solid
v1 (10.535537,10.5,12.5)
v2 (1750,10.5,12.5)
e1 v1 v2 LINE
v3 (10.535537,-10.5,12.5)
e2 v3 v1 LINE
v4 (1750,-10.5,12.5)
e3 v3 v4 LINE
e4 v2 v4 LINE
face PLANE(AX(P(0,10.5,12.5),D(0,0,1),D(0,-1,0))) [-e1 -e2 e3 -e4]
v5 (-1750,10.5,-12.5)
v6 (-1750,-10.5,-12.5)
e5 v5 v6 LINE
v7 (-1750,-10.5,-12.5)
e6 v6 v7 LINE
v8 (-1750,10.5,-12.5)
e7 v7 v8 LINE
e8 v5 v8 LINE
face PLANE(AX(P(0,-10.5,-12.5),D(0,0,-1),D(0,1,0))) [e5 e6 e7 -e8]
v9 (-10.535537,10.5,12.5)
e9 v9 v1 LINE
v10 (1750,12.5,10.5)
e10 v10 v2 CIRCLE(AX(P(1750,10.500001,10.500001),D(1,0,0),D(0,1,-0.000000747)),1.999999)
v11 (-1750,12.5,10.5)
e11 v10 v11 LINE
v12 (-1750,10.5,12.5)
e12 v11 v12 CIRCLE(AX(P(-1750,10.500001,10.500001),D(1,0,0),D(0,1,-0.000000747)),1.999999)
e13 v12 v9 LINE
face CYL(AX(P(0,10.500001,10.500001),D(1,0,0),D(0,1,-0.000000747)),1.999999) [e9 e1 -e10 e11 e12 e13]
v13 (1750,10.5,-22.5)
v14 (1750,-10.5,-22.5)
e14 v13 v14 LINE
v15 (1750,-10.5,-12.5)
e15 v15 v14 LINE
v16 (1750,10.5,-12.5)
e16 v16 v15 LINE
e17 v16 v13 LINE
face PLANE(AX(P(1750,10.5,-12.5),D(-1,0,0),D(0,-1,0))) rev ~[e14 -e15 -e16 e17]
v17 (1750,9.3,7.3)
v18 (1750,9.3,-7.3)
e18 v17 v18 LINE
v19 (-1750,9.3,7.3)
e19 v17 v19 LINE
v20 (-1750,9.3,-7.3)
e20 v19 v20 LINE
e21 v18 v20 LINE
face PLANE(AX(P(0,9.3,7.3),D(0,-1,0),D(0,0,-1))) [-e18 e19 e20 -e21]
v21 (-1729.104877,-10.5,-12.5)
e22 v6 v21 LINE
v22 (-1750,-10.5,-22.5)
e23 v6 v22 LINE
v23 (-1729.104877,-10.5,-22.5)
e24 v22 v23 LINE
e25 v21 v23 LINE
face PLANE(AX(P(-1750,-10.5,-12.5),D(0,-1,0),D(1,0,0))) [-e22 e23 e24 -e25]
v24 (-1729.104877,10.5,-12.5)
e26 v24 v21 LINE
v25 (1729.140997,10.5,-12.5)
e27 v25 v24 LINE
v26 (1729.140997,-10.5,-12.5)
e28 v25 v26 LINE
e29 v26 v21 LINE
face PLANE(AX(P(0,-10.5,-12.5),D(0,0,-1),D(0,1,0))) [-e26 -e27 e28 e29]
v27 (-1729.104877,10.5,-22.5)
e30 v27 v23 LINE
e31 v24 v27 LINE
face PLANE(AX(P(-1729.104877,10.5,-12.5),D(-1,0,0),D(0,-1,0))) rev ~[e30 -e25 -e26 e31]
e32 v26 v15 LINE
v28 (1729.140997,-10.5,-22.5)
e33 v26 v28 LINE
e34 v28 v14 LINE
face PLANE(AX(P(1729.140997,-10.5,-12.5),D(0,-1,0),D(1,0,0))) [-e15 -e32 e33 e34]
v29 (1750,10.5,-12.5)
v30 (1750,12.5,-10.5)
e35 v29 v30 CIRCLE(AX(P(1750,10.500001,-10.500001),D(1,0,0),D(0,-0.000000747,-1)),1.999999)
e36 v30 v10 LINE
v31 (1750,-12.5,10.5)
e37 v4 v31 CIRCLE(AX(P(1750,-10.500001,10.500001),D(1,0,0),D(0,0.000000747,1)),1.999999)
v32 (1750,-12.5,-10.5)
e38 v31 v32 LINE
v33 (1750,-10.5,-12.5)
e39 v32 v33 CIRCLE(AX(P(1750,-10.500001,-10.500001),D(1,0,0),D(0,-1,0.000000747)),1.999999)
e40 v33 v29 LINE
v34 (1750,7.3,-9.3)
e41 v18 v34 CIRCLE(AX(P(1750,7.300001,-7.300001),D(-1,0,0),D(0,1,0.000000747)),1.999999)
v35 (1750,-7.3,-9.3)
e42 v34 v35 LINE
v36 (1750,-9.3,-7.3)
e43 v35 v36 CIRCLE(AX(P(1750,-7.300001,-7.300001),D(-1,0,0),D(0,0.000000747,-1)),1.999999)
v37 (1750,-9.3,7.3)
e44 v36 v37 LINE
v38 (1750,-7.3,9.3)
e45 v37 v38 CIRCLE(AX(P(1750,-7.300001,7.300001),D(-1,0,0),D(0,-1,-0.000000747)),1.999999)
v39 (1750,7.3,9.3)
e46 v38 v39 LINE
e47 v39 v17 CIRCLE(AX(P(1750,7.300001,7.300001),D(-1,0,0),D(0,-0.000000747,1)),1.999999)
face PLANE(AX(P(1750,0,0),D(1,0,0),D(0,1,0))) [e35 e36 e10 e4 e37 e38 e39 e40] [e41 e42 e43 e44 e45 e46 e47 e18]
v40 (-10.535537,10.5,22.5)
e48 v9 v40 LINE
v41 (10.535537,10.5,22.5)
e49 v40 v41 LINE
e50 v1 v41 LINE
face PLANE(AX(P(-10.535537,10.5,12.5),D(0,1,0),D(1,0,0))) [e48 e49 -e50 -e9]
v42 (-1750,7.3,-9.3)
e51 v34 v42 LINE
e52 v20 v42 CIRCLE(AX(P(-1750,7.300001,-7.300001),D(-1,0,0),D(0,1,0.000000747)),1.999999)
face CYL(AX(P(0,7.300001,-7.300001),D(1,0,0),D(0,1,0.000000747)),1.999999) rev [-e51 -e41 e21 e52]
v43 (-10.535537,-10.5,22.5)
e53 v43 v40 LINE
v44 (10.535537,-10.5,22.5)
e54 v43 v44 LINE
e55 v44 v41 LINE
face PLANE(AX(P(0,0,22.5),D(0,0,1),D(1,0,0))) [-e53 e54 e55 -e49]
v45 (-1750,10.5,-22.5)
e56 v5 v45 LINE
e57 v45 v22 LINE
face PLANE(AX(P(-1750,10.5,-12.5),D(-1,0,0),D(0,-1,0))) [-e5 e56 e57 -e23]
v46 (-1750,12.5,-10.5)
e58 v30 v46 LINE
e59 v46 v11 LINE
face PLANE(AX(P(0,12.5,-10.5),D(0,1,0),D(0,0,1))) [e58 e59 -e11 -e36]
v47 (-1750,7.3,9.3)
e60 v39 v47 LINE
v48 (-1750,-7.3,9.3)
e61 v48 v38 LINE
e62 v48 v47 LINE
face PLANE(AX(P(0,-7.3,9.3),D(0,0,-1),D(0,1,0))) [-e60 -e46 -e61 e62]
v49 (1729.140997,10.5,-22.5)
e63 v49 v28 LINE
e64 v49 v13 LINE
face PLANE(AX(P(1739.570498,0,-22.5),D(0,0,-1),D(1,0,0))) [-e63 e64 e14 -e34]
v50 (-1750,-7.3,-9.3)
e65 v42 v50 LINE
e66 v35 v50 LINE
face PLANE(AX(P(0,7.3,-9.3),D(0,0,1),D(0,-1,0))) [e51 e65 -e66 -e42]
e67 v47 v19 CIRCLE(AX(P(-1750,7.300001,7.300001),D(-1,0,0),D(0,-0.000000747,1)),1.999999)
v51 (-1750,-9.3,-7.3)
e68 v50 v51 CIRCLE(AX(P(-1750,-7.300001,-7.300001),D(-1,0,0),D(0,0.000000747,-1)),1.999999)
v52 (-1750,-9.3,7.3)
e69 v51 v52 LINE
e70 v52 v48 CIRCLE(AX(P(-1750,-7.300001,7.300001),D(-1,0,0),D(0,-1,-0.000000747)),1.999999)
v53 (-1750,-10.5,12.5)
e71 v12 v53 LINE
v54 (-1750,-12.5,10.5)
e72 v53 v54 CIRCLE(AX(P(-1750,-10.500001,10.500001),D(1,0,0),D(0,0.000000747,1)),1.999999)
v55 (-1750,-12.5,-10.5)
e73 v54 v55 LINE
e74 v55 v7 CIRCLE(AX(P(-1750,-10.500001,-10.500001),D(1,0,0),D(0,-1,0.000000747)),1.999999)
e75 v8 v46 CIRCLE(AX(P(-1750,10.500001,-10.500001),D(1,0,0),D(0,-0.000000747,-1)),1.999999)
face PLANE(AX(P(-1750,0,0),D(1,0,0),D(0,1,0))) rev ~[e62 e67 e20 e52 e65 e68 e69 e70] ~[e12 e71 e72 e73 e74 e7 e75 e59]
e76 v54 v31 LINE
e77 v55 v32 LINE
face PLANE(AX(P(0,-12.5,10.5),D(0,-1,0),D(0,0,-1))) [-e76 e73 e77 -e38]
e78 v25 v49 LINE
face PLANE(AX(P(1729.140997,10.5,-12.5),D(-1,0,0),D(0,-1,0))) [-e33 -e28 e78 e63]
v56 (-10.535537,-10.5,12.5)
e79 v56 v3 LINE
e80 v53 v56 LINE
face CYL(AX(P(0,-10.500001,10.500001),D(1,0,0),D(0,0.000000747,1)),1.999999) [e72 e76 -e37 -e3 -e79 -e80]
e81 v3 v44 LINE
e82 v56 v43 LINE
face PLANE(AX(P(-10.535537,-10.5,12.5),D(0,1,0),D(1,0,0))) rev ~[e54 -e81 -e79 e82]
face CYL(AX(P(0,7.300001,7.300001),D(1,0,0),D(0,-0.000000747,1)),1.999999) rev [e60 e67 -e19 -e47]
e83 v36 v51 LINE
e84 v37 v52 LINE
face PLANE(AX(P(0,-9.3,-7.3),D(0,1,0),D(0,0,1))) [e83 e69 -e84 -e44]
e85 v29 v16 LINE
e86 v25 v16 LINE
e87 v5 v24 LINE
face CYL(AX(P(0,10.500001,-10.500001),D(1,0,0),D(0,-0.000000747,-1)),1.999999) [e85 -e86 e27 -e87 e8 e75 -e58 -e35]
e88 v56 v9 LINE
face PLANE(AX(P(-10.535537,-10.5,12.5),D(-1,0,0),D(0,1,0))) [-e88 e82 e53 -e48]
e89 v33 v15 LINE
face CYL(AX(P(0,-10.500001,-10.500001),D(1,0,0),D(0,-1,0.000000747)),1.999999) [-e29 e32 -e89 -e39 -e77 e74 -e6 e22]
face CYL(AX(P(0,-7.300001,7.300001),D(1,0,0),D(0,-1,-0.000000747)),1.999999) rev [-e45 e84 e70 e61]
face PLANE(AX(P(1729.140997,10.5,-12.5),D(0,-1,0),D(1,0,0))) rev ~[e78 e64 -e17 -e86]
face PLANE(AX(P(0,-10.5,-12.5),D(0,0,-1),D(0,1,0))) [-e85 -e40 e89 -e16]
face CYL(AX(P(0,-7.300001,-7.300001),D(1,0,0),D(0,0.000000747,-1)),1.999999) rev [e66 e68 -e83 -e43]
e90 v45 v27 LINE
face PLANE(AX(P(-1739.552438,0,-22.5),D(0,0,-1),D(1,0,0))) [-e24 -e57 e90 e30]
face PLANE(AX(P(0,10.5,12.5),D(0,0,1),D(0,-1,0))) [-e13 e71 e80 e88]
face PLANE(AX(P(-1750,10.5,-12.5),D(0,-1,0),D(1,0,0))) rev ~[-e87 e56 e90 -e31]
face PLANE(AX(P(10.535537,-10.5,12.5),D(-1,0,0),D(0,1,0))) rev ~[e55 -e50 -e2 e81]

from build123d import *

# Parameters (mm, degrees)
F1_DEPTH = 1750
F2_W     = 21.071074
F2_H     = 21
F3_DEPTH = 10
F4_W     = 20.895123
F4_H     = 21
F4_W_2   = 20.859003
F5_DEPTH = 10


with BuildPart() as f1:
    # F0 (on Right) → F1 (new body, symmetric)
    with BuildSketch(Plane.YZ):
        with BuildLine():
            ThreePointArc((12.5, 10.5), (11.914214, 11.914214), (10.5, 12.5))
            Line((10.5, 12.5), (-10.5, 12.5))
            ThreePointArc((-10.5, 12.5), (-11.914214, 11.914214), (-12.5, 10.5))
            Line((-12.5, 10.5), (-12.5, -10.5))
            ThreePointArc((-12.5, -10.5), (-11.914214, -11.914214), (-10.5, -12.5))
            Line((-10.5, -12.5), (10.5, -12.5))
            ThreePointArc((10.5, -12.5), (11.914214, -11.914214), (12.5, -10.5))
            Line((12.5, -10.5), (12.5, 10.5))
        make_face()
        with BuildLine():
            Line((-7.3, 9.3), (7.3, 9.3))
            ThreePointArc((7.3, 9.3), (8.714214, 8.714214), (9.3, 7.3))
            Line((9.3, 7.3), (9.3, -7.3))
            ThreePointArc((9.3, -7.3), (8.714214, -8.714214), (7.3, -9.3))
            Line((7.3, -9.3), (-7.3, -9.3))
            ThreePointArc((-7.3, -9.3), (-8.714214, -8.714214), (-9.3, -7.3))
            Line((-9.3, -7.3), (-9.3, 7.3))
            ThreePointArc((-9.3, 7.3), (-8.714214, 8.714214), (-7.3, 9.3))
        make_face(mode=Mode.SUBTRACT)
    extrude(amount=F1_DEPTH, both=True)

    # F2 (on face) → F3 (join)
    with BuildSketch(Plane.XY.offset(12.5)):
        Rectangle(F2_W, F2_H)
    extrude(amount=F3_DEPTH)

    # F4 (on face) → F5 (join)
    with BuildSketch(Plane(origin=(0, 0, -12.5), x_dir=(1, 0, 0), z_dir=(0, 0, -1))):
        with Locations((-1739.552438, 0)):
            Rectangle(F4_W, F4_H)
        with Locations((1739.570498, 0)):
            Rectangle(F4_W_2, F4_H)
    extrude(amount=F5_DEPTH)


solid = f1.part
